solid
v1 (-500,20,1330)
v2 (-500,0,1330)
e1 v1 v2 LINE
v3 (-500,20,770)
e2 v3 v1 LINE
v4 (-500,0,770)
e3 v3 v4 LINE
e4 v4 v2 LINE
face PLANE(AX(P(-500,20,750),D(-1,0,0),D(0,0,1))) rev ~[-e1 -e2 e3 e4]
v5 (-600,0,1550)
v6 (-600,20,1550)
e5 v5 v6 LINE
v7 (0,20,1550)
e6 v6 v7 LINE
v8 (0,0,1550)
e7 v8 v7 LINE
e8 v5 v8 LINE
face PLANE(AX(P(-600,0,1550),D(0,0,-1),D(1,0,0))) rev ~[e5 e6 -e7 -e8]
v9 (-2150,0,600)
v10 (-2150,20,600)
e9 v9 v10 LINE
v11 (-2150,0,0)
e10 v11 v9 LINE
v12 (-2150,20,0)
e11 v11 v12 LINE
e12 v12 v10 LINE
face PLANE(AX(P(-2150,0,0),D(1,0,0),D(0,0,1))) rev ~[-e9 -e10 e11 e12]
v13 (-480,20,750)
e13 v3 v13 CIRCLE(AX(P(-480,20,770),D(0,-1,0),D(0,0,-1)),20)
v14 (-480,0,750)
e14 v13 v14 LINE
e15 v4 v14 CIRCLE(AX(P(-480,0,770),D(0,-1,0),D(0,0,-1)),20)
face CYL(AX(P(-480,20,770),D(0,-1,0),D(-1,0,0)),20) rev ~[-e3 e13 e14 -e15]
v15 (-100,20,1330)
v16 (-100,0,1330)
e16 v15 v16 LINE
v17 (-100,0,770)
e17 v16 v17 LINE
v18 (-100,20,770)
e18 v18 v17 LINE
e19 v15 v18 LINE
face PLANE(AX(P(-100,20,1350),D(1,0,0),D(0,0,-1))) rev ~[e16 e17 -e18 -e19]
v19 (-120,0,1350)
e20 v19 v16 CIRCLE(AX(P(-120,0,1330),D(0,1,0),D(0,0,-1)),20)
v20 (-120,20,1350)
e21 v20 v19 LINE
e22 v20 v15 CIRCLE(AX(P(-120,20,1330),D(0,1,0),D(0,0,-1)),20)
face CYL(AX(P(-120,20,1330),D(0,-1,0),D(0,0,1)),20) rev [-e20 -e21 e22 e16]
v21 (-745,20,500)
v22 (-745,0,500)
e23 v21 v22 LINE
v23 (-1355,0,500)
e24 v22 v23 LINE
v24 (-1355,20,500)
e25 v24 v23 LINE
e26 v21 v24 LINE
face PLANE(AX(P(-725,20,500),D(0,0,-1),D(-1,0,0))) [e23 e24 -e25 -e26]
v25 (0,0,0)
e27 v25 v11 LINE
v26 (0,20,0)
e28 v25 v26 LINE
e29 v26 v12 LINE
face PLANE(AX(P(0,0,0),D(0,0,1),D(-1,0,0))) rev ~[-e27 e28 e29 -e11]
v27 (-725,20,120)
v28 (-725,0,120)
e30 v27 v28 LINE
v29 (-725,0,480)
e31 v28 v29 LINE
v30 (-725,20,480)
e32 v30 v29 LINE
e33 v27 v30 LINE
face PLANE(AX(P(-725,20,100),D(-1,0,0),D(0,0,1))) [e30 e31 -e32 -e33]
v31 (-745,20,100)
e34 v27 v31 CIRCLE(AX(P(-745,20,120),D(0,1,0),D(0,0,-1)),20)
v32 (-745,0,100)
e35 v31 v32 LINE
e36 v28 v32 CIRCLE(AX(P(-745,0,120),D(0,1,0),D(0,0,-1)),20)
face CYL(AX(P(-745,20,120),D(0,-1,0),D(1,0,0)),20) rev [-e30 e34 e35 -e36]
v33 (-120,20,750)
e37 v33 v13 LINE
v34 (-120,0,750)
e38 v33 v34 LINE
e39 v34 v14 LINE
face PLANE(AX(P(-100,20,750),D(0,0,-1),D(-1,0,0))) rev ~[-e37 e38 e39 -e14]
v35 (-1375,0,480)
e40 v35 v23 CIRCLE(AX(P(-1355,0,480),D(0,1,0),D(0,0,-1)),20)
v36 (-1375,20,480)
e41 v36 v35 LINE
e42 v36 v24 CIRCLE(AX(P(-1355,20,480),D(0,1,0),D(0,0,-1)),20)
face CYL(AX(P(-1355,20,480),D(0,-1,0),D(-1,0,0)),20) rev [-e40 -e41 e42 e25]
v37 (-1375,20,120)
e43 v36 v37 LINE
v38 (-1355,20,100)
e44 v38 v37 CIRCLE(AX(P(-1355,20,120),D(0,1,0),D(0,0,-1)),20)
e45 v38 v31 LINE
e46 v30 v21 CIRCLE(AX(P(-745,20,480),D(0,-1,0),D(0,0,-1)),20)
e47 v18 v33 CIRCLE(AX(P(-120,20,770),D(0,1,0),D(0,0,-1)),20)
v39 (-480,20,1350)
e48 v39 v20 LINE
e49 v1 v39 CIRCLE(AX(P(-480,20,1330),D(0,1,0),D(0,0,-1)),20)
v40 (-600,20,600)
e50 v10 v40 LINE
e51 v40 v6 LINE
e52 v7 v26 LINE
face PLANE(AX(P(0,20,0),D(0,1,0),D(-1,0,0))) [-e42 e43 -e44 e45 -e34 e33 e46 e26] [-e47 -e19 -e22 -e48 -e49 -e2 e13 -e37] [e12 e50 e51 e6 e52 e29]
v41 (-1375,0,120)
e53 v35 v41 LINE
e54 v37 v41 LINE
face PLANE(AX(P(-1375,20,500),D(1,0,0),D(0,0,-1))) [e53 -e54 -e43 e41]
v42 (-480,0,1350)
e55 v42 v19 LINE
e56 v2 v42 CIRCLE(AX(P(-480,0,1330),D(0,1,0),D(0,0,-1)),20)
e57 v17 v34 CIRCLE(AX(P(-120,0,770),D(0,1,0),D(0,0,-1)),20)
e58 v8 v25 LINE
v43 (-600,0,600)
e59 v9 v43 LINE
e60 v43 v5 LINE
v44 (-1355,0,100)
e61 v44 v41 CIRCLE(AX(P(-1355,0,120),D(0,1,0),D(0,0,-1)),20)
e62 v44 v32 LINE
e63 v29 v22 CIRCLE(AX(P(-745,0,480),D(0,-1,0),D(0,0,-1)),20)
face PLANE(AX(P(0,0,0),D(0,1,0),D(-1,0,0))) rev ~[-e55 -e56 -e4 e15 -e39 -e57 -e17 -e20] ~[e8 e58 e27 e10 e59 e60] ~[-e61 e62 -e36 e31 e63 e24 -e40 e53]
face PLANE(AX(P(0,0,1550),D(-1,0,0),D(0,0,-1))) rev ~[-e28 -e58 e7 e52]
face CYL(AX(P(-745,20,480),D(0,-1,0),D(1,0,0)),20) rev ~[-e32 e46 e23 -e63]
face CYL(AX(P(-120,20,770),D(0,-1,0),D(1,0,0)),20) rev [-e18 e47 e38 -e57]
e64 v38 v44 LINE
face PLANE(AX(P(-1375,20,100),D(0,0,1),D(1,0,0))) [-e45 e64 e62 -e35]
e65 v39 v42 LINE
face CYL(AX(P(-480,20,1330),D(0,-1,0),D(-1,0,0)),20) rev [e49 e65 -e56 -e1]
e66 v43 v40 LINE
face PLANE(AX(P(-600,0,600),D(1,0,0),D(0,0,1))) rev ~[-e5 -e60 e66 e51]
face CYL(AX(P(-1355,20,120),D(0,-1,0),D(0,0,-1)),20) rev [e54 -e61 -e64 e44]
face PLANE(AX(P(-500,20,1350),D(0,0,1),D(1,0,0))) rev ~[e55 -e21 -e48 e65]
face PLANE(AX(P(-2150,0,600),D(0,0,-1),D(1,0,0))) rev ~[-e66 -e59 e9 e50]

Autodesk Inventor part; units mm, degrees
ref_plane "YZ Plane" through (0, 0, 0) normal (1, 0, 0) x (0, 1, 0)
ref_plane "XZ Plane" through (0, 0, 0) normal (0, 1, 0) x (-1, 0, 0)
ref_plane "XY Plane" through (0, 0, 0) normal (0, 0, 1) x (1, 0, 0)
sketch "Sketch1" plane through (0, 0, 0) normal (0, 1, 0) x (-1, 0, 0)
  line L0 (0, 0) -> (2150, 0)
  line L1 (2150, 0) -> (2150, 600)
  line L2 (2150, 600) -> (600, 600)
  line L3 (600, 600) -> (600, 1550)
  line L4 (600, 1550) -> (0, 1550)
  line L5 (0, 1550) -> (0, 0)
  dimension "d0" = 2150
  dimension "d1" = 600
  dimension "d2" = 1550
extrude "Extrusion1" add sketch "Sketch1" along normal blind 20
sketch "Sketch2" plane through (0, 20, 0) normal (0, 1, 0) x (1, 0, 0)
  line L0 (-725, -500) -> (-1375, -500)
  line L1 (-1375, -500) -> (-1375, -100)
  line L2 (-1375, -100) -> (-725, -100)
  line L3 (-725, -100) -> (-725, -500)
  line L4 (-725, -500) -> (-1375, -100) construction
  line L5 (-1375, -500) -> (-725, -100) construction
  line L6 (-2150, 0) -> (-2150, -600) projected
  line L7 (0, 0) -> (-2150, 0) projected
  line L8 (-500, -1350) -> (-100, -1350)
  line L9 (-100, -1350) -> (-100, -750)
  line L10 (-100, -750) -> (-500, -750)
  line L11 (-500, -750) -> (-500, -1350)
  line L12 (-500, -1350) -> (-100, -750) construction
  line L13 (-100, -1350) -> (-500, -750) construction
  line L14 (-600, -1550) -> (0, -1550) projected
  line L15 (0, -1550) -> (0, 0) projected
  point P0 (-1050, -300)
  point P1 (-300, -1050)
  dimension "d5" = 650
  dimension "d6" = 400
  dimension "d8" = 300
  dimension "d9" = 400
  dimension "d10" = 600
  dimension "d12" = 300
  dimension "d16" = 1050
  dimension "d17" = 1050
extrude "Extrusion2" cut sketch "Sketch2" against normal through all
fillet "Fillet1" radius 20 8 edges at (-725, 10, 500) (-725, 10, 100) (-1375, 10, 100) (-1375, 10, 500) (-500, 10, 1350) (-100, 10, 1350) (-100, 10, 750) (-500, 10, 750)
properties part number "Top cucina"
